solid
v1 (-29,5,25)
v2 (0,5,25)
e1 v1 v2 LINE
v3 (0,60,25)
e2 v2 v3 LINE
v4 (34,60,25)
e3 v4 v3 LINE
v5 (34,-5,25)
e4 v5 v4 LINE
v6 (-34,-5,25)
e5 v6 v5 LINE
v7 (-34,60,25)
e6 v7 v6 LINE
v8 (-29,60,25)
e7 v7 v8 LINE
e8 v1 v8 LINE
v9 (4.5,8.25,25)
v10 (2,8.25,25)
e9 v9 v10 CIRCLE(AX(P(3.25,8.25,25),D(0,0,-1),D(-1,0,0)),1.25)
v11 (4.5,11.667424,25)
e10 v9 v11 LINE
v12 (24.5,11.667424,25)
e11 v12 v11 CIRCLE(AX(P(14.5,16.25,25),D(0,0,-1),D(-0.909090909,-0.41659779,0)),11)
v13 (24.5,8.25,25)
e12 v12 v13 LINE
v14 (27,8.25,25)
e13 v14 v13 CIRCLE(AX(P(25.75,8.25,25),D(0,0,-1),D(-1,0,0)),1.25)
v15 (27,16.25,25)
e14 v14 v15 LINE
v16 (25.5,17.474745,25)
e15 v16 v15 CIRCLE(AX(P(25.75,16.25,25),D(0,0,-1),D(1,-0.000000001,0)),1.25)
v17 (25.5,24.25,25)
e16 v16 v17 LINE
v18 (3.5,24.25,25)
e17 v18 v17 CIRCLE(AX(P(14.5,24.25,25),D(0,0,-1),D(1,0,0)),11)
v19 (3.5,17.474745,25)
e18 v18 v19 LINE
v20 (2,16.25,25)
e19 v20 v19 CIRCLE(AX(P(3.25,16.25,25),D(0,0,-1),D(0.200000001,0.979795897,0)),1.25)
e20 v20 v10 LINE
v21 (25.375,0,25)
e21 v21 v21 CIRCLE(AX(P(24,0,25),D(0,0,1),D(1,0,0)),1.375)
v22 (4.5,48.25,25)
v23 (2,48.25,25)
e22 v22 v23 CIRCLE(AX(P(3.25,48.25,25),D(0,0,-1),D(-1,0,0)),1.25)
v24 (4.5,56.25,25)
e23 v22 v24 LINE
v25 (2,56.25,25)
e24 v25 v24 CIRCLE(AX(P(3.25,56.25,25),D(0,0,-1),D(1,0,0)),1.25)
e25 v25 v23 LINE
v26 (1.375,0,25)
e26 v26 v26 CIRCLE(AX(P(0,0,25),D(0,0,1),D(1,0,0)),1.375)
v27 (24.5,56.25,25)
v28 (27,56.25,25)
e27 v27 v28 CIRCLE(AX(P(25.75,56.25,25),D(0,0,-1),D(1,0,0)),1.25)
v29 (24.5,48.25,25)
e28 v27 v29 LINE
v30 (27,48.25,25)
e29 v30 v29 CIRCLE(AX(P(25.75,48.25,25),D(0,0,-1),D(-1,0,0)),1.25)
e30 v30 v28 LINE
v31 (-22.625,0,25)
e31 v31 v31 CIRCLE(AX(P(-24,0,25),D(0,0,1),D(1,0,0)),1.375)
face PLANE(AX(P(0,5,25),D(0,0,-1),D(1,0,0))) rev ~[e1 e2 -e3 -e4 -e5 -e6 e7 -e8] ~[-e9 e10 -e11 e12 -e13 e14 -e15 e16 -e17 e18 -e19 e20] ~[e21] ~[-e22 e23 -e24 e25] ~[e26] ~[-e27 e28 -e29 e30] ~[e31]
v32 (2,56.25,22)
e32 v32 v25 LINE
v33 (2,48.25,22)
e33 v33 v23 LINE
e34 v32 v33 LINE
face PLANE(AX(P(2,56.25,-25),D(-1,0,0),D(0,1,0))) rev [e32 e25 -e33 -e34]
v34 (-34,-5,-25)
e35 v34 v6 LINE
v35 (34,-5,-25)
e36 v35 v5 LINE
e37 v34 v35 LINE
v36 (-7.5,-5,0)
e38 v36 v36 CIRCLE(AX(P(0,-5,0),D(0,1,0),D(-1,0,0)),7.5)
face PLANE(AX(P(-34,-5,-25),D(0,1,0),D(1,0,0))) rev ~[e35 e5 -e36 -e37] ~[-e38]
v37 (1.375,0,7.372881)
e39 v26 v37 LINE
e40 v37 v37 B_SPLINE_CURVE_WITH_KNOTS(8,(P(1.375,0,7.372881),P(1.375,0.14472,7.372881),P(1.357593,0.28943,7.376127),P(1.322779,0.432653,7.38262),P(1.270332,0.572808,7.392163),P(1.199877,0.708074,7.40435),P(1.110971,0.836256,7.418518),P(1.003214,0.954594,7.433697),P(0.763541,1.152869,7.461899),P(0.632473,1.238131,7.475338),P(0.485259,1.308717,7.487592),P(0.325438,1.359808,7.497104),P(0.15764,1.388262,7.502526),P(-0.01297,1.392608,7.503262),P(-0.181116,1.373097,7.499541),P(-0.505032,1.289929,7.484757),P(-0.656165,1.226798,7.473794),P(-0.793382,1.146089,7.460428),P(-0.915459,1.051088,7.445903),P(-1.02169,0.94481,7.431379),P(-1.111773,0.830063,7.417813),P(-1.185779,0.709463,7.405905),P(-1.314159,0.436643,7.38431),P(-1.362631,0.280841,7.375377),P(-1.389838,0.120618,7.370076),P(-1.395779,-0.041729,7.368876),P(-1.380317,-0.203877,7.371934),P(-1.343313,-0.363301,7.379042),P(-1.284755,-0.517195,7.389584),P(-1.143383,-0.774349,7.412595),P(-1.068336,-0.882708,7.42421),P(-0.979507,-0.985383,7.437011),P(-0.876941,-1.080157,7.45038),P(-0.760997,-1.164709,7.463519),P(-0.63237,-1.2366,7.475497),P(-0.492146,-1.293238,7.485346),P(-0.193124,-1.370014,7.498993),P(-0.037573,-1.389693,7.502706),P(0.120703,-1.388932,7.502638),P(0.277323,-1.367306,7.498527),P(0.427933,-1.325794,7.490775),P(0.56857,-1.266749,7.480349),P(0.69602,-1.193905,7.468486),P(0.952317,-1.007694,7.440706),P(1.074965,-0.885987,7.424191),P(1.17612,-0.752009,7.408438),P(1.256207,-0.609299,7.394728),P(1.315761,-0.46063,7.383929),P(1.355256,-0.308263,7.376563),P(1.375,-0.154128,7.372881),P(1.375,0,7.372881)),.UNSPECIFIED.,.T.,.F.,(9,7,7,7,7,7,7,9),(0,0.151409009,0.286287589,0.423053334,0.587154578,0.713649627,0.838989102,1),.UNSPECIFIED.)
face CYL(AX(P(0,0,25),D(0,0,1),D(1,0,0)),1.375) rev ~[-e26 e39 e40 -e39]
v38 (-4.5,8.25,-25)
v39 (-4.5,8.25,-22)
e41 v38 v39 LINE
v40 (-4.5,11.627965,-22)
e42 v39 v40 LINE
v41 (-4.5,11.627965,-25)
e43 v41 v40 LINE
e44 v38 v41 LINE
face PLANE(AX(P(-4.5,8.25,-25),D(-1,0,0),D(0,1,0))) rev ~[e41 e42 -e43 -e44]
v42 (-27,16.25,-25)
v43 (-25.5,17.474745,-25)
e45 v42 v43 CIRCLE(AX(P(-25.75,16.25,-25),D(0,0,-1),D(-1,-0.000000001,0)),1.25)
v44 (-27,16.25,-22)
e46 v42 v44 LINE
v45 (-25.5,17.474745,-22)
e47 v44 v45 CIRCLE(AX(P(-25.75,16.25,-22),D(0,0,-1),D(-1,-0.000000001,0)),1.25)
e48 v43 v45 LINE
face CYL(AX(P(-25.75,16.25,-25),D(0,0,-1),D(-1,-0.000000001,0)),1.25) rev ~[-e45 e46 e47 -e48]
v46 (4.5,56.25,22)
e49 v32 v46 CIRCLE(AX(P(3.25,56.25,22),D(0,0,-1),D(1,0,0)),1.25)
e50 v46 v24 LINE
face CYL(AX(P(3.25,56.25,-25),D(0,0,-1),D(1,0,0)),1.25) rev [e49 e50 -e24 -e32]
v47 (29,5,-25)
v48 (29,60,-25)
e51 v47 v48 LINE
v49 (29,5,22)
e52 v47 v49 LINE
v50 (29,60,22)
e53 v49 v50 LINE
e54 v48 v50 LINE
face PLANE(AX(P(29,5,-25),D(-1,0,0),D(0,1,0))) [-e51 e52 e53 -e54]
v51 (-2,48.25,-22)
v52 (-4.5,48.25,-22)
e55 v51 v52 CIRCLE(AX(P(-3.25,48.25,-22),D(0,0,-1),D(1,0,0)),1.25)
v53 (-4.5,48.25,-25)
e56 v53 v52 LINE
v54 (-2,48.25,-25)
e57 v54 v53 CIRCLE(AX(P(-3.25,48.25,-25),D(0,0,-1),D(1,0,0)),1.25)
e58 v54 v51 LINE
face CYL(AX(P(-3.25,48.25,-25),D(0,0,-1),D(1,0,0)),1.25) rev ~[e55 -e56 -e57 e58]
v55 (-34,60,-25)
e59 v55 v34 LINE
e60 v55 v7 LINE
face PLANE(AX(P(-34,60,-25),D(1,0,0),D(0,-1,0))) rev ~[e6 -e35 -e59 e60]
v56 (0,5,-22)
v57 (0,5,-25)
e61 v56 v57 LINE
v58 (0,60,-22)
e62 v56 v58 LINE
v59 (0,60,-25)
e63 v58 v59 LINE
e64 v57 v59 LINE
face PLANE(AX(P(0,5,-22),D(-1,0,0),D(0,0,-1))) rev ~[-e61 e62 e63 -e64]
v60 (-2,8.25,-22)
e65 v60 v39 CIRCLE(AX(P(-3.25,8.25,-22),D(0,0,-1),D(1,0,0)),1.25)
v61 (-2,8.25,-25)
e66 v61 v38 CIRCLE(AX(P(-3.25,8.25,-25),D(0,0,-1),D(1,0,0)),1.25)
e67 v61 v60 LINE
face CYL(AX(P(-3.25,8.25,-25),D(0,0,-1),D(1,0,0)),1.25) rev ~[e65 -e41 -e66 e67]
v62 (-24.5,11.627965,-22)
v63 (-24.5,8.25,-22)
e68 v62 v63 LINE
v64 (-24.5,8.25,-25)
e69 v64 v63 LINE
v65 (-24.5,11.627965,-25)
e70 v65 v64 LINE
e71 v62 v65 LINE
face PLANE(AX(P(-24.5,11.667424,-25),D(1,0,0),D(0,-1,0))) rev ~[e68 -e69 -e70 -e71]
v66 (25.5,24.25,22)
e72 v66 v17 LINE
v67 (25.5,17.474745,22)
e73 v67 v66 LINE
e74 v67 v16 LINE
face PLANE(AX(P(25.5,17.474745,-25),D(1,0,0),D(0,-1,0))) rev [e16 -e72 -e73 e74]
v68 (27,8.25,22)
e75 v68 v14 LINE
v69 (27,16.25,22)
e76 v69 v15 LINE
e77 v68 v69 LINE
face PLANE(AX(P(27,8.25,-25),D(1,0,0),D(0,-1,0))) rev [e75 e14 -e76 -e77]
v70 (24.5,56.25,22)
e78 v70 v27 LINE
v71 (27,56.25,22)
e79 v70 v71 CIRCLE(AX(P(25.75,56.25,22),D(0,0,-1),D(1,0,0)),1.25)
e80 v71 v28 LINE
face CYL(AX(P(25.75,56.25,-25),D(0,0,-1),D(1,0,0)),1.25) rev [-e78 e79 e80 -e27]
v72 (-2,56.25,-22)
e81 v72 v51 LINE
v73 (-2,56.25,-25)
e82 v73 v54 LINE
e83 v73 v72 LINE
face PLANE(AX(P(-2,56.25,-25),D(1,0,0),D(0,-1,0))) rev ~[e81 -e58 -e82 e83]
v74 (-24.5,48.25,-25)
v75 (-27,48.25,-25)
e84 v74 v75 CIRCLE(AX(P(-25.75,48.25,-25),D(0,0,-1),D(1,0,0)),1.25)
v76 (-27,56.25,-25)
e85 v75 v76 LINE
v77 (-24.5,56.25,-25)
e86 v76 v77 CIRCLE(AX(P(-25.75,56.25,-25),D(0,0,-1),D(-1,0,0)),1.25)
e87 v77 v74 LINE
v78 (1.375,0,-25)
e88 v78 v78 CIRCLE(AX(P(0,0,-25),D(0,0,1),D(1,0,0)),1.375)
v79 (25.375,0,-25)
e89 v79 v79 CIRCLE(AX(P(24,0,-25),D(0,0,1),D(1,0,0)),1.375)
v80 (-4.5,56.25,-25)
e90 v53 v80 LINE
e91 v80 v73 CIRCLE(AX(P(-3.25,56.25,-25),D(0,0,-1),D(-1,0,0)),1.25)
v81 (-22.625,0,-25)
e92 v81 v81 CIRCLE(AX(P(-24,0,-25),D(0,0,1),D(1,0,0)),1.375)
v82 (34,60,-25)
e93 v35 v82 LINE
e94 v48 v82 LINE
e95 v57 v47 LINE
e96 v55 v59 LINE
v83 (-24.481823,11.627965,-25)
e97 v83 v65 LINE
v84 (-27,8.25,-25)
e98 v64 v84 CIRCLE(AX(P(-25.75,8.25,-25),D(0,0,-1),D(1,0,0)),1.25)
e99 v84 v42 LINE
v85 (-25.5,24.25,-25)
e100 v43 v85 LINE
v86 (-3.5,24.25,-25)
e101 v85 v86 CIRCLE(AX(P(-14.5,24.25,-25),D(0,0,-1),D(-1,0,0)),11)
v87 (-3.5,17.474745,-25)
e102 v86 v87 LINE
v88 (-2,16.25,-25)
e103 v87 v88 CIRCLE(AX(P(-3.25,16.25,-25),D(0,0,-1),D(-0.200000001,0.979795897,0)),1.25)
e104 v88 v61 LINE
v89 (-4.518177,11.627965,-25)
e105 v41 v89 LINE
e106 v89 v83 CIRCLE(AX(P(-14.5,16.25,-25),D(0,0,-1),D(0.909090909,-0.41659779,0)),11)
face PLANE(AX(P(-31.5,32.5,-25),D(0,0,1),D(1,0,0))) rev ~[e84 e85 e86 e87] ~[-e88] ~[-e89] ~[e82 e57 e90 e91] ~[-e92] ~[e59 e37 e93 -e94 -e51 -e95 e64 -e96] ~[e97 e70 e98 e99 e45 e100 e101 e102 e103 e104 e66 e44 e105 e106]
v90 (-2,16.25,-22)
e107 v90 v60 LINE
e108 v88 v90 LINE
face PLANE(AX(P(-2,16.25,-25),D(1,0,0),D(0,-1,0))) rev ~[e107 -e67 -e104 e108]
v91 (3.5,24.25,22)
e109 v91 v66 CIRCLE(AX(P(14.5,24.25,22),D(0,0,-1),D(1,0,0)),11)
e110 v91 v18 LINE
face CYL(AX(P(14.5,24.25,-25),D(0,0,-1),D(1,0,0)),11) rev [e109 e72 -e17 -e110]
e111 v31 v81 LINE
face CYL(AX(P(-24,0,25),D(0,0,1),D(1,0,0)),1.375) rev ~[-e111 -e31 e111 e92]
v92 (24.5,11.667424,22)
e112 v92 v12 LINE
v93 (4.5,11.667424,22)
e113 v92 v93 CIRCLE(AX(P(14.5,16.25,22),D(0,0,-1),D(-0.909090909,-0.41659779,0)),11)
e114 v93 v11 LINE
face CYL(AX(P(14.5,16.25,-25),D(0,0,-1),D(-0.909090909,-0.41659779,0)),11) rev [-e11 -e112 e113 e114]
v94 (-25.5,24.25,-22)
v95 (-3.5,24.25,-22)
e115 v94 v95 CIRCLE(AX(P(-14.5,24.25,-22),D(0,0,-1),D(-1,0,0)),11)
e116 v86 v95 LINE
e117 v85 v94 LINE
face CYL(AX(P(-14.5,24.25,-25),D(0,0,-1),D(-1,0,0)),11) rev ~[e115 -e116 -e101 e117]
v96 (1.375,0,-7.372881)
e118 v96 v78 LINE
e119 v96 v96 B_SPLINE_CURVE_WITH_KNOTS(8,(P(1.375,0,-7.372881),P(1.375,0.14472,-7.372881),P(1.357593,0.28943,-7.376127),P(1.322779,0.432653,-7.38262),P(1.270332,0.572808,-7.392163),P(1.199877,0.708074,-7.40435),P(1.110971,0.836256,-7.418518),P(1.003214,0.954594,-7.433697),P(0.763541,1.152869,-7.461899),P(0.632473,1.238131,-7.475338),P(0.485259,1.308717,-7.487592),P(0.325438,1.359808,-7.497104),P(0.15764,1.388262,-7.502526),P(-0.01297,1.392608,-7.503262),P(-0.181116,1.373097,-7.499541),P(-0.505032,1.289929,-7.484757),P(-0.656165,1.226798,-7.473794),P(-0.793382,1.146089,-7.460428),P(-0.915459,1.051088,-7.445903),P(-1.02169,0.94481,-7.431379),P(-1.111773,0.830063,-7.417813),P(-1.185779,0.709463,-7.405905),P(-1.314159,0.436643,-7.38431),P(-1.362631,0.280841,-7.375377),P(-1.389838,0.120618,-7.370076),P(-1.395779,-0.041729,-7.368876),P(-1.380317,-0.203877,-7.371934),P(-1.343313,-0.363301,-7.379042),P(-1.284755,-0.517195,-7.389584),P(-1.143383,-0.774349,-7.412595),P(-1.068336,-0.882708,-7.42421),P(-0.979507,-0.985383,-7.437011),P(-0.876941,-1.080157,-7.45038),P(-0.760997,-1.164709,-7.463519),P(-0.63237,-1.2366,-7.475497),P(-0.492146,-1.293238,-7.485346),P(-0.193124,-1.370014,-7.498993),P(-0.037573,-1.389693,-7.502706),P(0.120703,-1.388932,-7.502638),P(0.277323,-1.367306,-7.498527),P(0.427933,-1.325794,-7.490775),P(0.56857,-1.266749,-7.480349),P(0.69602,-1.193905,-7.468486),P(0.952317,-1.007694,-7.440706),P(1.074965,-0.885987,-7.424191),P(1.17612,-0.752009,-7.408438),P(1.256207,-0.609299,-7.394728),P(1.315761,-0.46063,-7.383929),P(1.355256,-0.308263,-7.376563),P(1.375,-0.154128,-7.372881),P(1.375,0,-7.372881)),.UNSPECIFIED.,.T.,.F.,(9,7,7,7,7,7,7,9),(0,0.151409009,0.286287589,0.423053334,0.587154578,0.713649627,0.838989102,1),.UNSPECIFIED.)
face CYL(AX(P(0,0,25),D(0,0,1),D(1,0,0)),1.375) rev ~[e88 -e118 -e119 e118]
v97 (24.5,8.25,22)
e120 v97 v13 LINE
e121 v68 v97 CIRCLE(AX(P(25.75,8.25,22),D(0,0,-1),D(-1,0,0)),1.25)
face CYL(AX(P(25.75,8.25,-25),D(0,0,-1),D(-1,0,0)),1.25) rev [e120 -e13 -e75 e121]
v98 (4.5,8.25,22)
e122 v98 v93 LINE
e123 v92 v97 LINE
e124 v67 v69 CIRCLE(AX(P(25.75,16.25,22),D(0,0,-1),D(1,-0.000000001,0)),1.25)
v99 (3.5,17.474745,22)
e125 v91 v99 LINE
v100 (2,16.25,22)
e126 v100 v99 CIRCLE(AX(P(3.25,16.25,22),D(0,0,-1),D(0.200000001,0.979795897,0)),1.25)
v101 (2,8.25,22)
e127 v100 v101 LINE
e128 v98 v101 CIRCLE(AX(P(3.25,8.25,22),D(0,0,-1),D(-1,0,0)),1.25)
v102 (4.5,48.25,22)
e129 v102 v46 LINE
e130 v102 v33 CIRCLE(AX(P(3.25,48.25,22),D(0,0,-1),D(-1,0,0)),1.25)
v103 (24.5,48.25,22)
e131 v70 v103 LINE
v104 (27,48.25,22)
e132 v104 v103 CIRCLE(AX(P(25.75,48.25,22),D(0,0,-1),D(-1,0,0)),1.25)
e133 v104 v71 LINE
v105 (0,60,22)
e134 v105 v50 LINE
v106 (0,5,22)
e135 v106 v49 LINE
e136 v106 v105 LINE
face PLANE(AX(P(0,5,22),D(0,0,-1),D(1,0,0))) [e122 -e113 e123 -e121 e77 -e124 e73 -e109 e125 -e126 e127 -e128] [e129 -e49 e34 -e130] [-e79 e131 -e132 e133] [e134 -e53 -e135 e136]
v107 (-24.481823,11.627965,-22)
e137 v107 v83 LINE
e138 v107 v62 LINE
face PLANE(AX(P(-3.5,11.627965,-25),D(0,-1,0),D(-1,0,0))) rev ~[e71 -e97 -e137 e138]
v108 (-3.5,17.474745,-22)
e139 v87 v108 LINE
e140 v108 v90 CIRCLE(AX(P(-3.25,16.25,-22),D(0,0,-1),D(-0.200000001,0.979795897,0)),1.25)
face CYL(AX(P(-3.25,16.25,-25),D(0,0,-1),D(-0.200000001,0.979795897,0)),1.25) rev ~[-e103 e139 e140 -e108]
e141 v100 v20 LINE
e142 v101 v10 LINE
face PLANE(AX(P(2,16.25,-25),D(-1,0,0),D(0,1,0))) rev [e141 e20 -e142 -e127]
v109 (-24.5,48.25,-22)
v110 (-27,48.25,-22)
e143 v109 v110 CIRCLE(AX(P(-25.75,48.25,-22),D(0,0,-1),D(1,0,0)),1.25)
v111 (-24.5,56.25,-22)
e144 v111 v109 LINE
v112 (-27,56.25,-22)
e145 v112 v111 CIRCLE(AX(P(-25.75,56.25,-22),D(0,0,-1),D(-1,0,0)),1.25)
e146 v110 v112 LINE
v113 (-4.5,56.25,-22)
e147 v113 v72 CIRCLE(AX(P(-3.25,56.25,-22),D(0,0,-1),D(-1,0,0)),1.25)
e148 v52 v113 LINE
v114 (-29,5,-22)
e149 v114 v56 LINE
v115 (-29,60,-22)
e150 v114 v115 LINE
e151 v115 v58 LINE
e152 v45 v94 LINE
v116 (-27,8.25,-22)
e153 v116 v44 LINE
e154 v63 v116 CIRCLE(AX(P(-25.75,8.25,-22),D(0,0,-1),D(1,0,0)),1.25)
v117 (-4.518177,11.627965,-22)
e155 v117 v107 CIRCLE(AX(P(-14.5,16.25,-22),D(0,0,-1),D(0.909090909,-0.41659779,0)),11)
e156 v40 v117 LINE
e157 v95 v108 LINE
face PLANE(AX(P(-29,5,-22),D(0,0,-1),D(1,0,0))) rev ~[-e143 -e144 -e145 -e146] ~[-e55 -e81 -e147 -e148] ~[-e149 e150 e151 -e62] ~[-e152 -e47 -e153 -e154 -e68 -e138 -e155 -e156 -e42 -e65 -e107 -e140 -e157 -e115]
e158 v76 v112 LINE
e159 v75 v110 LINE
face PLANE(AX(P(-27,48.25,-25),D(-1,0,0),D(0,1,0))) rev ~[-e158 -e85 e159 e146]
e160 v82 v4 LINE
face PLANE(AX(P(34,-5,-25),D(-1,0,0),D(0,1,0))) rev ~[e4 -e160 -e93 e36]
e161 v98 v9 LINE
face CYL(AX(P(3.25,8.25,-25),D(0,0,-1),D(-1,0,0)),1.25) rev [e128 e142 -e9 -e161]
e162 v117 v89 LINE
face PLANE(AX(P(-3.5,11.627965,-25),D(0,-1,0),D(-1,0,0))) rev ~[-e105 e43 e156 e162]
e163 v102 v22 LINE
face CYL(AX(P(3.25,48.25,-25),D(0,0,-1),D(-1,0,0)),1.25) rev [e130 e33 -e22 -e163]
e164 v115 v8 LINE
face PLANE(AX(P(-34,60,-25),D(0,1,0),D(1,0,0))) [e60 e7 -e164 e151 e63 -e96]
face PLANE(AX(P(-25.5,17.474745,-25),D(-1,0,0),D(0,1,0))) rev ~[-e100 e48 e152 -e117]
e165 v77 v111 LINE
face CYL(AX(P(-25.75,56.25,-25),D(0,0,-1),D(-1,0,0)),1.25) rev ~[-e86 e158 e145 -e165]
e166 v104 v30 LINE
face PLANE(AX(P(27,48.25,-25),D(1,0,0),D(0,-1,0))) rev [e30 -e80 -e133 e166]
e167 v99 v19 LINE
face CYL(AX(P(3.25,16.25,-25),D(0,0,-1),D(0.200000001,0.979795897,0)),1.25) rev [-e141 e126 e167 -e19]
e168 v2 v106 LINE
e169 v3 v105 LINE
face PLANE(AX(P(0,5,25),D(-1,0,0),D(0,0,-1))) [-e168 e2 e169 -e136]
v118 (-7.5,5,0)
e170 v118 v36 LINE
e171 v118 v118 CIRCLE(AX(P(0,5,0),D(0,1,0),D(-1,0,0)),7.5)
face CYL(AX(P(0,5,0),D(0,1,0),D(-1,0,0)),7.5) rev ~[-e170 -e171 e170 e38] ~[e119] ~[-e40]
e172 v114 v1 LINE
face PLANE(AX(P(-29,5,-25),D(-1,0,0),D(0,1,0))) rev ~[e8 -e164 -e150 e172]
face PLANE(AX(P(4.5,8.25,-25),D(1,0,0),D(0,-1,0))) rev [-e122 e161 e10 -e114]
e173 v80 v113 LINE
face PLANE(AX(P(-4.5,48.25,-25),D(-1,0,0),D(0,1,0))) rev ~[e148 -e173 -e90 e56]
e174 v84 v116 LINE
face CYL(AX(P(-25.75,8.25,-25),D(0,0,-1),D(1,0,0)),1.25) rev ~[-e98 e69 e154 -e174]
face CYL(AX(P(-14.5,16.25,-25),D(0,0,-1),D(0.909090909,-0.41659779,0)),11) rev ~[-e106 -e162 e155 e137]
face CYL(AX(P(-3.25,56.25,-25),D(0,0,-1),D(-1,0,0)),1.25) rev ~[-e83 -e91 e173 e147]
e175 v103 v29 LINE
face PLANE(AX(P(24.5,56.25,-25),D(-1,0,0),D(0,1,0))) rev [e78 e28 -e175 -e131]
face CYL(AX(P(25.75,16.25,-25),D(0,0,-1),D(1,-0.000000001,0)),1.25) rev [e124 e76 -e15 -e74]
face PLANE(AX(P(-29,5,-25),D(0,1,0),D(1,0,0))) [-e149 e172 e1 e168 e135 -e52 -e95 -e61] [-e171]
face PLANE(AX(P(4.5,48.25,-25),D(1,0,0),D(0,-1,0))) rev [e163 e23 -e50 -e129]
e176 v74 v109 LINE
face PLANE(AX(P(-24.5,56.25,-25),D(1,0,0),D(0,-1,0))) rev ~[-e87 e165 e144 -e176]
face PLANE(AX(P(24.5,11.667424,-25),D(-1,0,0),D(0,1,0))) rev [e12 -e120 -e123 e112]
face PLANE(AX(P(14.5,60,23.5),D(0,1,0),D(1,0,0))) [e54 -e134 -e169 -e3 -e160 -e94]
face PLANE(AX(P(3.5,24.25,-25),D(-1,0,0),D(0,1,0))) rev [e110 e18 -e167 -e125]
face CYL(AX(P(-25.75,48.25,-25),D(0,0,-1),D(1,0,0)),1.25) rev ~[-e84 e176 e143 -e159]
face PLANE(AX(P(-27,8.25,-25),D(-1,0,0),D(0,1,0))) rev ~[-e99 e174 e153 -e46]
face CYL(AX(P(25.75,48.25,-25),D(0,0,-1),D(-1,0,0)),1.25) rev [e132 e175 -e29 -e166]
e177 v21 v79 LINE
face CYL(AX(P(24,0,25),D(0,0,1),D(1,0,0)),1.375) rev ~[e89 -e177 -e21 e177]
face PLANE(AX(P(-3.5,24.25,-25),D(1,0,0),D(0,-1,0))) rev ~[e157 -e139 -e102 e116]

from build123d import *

# Parameters (mm, degrees)
BOSS_EXTRUDE1_DEPTH      = 25
BOSS_EXTRUDE1_DEPTH_BACK = 25
SKETCH1_W                = 5
SKETCH1_H                = 55
SKETCH1_W_2              = 68
SKETCH1_H_2              = 10
SKETCH2_W                = 29
SKETCH2_H                = 3
BOSS_EXTRUDE2_DEPTH      = 55
SKETCH4_R                = 7.5
CUT_EXTRUDE2_DEPTH       = 12
SKETCH6_R                = 1.375
CUT_EXTRUDE4_DEPTH       = 70
CUT_EXTRUDE11_DEPTH      = 61
SKETCH9_W                = 22
SKETCH9_H                = 5.846779426
CUT_EXTRUDE12_DEPTH      = 70


with BuildPart() as part:
    # Sketch1 → Boss-Extrude1 (new, two sides: drawn at the far end of the back side and taken through both)
    with BuildSketch(Plane.XY.offset(-BOSS_EXTRUDE1_DEPTH_BACK)):
        with Locations((-31.5, 32.5)):
            Rectangle(SKETCH1_W, SKETCH1_H)
        Rectangle(SKETCH1_W_2, SKETCH1_H_2)
        with Locations((31.5, 32.5)):
            Rectangle(SKETCH1_W, SKETCH1_H)
    extrude(amount=BOSS_EXTRUDE1_DEPTH + BOSS_EXTRUDE1_DEPTH_BACK)

    # Sketch2 → Boss-Extrude2 (add)
    with BuildSketch(Plane(origin=(0, 5, 0), x_dir=(1, 0, 0), z_dir=(0, 1, 0))):
        with Locations((14.5, -23.5)):
            Rectangle(SKETCH2_W, SKETCH2_H)
        with Locations((-14.5, 23.5)):
            Rectangle(SKETCH2_W, SKETCH2_H)
    extrude(amount=BOSS_EXTRUDE2_DEPTH)

    # Sketch4 → Cut-Extrude2 (cut)
    with BuildSketch(Plane(origin=(0, 5, 0), x_dir=(1, 0, 0), z_dir=(0, 1, 0))):
        with Locations(Location((0, 0, 0), (0, 0, 180))):
            Circle(SKETCH4_R)
    extrude(amount=-CUT_EXTRUDE2_DEPTH, mode=Mode.SUBTRACT)

    # Sketch6 → Cut-Extrude4 (cut)
    with BuildSketch(Plane.XY.offset(25)):
        Circle(SKETCH6_R)
        with Locations((24, 0)):
            Circle(SKETCH6_R)
        with Locations((-24, 0)):
            Circle(SKETCH6_R)
    extrude(amount=-CUT_EXTRUDE4_DEPTH, mode=Mode.SUBTRACT)

    # Sketch3 → Cut-Extrude11 (cut)
    with BuildSketch(Plane(origin=(0, 0, -25), x_dir=(-1, 0, 0), z_dir=(0, 0, -1))):
        with BuildLine():
            Line((25.5, 17.474744871), (25.5, 24.25))
            ThreePointArc((25.5, 24.25), (14.5, 35.25), (3.5, 24.25))
            Line((3.5, 24.25), (3.5, 17.474744871))
            ThreePointArc((3.5, 17.474744871), (2.459430585, 17.218245837), (2, 16.25))
            Line((2, 16.25), (2, 8.25))
            ThreePointArc((2, 8.25), (3.25, 7), (4.5, 8.25))
            Line((4.5, 8.25), (4.5, 11.667424305))
            ThreePointArc((4.5, 11.667424305), (14.5, 5.25), (24.5, 11.667424305))
            Line((24.5, 11.667424305), (24.5, 8.25))
            ThreePointArc((24.5, 8.25), (25.75, 7), (27, 8.25))
            Line((27, 8.25), (27, 16.25))
            ThreePointArc((27, 16.25), (26.540569415, 17.218245837), (25.5, 17.474744871))
        make_face()
        with BuildLine():
            Line((4.5, 48.25), (4.5, 56.25))
            ThreePointArc((4.5, 56.25), (3.25, 57.5), (2, 56.25))
            Line((2, 56.25), (2, 48.25))
            ThreePointArc((2, 48.25), (3.25, 47), (4.5, 48.25))
        make_face()
        with BuildLine():
            Line((27, 48.25), (27, 56.25))
            ThreePointArc((27, 56.25), (25.75, 57.5), (24.5, 56.25))
            Line((24.5, 56.25), (24.5, 48.25))
            ThreePointArc((24.5, 48.25), (25.75, 47), (27, 48.25))
        make_face()
    cut_extrude11 = extrude(amount=-CUT_EXTRUDE11_DEPTH, mode=Mode.SUBTRACT)

    # Sketch9 → Cut-Extrude12 (cut)
    with BuildSketch(Plane(origin=(0, 0, -25), x_dir=(-1, 0, 0), z_dir=(0, 0, -1))):
        with Locations((14.5, 14.551355158)):
            Rectangle(SKETCH9_W, SKETCH9_H)
    extrude(amount=-CUT_EXTRUDE12_DEPTH, mode=Mode.SUBTRACT)

    # Mirror3: Cut-Extrude11 across plane
    add(cut_extrude11.mirror(Plane(origin=(0, 0, 0), x_dir=(0, 0, 1), z_dir=(1, 0, 0))), mode=Mode.SUBTRACT)


solid = part.part
